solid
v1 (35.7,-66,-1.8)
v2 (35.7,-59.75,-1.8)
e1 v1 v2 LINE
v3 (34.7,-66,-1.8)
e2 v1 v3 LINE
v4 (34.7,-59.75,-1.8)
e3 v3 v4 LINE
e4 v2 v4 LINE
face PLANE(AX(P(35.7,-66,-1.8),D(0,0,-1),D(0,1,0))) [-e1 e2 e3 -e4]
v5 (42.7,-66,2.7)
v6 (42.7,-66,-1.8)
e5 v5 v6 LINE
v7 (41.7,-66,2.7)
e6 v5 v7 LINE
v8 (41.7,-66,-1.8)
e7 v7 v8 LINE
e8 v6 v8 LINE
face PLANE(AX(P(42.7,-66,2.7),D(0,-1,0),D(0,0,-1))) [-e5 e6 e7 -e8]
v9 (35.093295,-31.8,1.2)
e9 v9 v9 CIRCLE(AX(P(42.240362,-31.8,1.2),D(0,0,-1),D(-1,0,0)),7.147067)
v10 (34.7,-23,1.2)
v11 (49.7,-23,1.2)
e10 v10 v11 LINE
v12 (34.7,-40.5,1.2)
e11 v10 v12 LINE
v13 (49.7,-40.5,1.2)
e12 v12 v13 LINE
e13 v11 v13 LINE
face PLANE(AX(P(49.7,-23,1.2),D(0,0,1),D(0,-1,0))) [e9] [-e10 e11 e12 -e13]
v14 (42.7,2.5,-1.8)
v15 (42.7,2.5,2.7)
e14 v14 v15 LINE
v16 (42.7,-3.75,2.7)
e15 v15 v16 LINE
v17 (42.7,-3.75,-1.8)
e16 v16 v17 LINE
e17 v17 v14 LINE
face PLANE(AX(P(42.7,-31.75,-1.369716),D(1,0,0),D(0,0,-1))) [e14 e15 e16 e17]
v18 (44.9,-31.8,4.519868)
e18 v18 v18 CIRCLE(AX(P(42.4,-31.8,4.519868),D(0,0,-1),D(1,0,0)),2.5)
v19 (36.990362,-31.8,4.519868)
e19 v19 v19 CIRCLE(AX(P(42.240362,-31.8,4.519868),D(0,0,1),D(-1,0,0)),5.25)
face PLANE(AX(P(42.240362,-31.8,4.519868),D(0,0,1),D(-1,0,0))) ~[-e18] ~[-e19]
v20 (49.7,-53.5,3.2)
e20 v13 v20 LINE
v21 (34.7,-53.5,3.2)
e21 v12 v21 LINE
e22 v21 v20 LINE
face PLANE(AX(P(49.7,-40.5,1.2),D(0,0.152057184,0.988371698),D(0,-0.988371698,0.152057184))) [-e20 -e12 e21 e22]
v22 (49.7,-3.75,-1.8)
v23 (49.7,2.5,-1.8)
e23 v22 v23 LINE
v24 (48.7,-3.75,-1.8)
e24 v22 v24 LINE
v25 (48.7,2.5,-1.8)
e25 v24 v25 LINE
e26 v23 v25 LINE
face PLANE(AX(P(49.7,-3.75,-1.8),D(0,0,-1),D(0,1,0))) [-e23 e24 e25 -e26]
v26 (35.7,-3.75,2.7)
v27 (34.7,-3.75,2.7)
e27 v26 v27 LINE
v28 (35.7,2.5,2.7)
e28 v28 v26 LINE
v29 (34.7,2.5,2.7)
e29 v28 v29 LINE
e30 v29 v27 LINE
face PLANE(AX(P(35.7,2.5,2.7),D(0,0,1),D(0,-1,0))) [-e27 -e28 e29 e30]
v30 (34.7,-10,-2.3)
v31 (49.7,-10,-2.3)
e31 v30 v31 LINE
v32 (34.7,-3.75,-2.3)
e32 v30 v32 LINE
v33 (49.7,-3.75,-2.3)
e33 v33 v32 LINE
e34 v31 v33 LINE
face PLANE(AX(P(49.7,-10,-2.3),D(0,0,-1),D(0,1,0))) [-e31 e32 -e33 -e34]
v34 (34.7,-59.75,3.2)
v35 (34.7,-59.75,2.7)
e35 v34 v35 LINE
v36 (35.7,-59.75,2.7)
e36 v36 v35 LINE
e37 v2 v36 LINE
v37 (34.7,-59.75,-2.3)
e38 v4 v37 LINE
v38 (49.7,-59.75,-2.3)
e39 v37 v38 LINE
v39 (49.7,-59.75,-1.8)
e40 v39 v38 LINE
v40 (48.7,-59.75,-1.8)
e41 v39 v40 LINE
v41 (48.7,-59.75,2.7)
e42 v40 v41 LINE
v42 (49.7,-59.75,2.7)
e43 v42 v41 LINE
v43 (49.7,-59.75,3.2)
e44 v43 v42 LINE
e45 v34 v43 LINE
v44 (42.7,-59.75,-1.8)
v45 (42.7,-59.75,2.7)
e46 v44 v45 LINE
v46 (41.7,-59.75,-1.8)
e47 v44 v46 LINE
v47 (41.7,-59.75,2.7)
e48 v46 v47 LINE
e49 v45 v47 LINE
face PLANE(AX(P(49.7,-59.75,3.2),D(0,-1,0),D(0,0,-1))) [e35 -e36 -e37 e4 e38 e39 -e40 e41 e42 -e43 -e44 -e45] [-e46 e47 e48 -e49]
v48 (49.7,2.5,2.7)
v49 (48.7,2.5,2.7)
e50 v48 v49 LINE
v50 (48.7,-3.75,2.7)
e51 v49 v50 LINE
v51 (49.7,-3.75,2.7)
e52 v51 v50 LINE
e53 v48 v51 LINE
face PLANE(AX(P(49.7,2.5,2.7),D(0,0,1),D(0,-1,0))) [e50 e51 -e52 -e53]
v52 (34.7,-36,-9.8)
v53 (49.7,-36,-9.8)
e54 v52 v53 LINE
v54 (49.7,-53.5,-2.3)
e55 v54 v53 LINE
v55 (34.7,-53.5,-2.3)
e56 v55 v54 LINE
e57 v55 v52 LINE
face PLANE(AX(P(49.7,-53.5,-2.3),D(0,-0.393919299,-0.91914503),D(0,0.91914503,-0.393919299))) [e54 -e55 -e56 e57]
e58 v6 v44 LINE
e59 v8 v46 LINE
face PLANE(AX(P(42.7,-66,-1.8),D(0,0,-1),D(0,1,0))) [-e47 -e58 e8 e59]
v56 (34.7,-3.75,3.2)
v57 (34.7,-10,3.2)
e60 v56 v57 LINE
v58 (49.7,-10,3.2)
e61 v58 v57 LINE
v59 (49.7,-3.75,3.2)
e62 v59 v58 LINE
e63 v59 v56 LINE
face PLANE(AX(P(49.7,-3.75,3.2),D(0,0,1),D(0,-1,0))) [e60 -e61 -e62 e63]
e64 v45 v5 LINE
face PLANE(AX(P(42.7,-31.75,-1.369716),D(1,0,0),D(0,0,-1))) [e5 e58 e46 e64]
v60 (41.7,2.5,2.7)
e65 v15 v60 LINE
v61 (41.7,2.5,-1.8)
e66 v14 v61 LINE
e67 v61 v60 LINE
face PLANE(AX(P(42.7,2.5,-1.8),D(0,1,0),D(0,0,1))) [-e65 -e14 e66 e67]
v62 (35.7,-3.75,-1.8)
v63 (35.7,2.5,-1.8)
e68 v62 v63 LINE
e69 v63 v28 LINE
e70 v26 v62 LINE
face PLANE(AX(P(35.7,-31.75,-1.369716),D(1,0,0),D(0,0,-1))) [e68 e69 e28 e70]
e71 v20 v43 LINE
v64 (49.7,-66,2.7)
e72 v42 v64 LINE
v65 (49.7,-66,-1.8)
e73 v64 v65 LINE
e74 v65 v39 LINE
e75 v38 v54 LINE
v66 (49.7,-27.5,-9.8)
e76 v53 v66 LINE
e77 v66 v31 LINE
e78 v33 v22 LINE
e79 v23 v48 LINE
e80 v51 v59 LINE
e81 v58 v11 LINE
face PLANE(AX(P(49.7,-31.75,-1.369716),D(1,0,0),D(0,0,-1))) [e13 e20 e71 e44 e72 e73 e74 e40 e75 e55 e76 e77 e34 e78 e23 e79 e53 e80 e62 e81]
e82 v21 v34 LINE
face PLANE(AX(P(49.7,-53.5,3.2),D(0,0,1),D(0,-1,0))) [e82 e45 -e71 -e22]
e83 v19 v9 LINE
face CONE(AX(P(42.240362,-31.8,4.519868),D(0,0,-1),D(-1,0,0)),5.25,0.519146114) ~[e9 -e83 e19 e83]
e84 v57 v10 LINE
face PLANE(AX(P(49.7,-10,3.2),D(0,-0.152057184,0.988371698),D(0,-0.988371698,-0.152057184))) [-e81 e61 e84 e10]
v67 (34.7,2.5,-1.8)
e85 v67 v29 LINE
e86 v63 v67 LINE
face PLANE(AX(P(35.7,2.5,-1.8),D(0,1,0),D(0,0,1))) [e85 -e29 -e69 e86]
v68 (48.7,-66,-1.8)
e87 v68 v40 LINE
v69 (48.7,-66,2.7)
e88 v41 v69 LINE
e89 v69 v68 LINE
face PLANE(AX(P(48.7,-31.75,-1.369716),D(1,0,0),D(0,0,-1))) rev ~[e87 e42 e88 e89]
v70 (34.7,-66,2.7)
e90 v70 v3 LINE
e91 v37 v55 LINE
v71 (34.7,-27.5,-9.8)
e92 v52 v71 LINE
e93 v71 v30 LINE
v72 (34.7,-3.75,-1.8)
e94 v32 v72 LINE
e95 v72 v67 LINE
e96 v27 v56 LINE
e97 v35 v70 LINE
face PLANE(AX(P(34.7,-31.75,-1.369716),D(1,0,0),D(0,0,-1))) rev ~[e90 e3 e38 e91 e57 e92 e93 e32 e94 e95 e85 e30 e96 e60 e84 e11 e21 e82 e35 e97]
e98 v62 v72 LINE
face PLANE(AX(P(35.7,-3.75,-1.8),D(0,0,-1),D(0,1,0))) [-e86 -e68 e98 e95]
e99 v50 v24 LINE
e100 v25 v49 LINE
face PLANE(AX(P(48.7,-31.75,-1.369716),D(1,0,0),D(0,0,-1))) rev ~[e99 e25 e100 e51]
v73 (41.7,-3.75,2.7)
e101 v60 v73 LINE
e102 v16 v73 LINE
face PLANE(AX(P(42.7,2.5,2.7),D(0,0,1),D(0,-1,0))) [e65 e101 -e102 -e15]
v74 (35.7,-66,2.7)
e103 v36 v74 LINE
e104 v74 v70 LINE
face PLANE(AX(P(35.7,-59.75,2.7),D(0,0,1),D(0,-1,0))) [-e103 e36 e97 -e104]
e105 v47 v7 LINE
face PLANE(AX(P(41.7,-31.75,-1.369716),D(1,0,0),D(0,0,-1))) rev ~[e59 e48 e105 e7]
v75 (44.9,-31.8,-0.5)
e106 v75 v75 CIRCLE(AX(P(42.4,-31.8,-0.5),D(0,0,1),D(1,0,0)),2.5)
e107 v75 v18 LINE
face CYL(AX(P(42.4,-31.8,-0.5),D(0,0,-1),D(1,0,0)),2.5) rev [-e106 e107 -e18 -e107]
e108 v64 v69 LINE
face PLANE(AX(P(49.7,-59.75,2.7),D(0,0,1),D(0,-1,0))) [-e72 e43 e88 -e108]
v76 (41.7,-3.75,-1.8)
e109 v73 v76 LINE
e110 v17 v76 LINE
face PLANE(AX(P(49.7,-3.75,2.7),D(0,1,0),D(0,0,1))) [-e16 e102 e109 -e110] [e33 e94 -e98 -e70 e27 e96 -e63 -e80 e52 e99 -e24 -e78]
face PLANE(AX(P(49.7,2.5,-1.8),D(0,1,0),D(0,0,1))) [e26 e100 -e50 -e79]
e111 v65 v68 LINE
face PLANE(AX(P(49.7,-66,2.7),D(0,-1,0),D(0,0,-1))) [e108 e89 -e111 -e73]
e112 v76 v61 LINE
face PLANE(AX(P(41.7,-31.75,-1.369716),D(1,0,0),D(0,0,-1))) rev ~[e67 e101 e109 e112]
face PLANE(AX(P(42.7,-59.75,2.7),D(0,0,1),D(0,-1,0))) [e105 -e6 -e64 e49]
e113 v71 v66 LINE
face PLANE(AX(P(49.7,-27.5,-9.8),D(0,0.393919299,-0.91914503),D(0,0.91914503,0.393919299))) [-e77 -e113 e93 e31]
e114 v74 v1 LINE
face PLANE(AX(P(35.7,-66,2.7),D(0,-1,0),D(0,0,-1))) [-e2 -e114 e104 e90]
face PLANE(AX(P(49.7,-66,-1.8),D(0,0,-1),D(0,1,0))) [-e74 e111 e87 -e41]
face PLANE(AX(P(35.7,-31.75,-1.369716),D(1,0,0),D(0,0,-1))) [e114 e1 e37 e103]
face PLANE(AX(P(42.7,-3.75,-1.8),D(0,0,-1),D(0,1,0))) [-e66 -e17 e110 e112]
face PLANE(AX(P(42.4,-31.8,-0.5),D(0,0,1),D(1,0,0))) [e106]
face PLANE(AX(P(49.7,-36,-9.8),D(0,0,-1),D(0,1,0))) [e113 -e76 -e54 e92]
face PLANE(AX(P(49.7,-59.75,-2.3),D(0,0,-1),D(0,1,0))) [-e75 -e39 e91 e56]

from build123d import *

# Parameters (mm, degrees)
CYLINDER_R                 = 2.5
CYLINDER_DEPTH             = 6
EXTRUDE024_DEPTH           = 6
EXTRUDE024_PLACEMENT_ANGLE = 90
EXTRUDE023_DEPTH           = 1
EXTRUDE023_PLACEMENT_ANGLE = 90
EXTRUDE025_DEPTH           = 6
EXTRUDE025_PLACEMENT_ANGLE = 90
EXTRUDE_DEPTH              = 1
EXTRUDE_PLACEMENT_ANGLE    = 90
REVOLVE_PLACEMENT_ANGLE    = 90
EXTRUDE022_DEPTH           = 1
EXTRUDE022_PLACEMENT_ANGLE = 90


with BuildPart() as cylinder:
    # Cylinder → Cylinder (new body)
    with BuildSketch(Plane(origin=(42.4, -33.3, -0.5), x_dir=(1, 0, 0), z_dir=(0, 0, 1))):
        Circle(CYLINDER_R)
    extrude(amount=CYLINDER_DEPTH)


with BuildPart() as extrude024:
    # Sketch016 → Extrude024 (new body)
    with BuildSketch(Plane.YZ):
        Polygon((5.5, -12.57), (3.5, -25.57), (3.5, -43.07), (5.5, -56.07), (5.5, -62.32), (0, -62.32), (0, -56.07), (-7.5, -38.57), (-7.5, -30.07), (0, -12.57), (0, -6.32), (5.5, -6.32), align=None)
    extrude(amount=EXTRUDE024_DEPTH)


with BuildPart() as extrude024_1:
    # Extrude024 placement: moved
    add(extrude024.part.moved(Location((35.7, -67.57, -2.3))).rotate(Axis((35.7, -67.57, -2.3), (1, 0, 0)), EXTRUDE024_PLACEMENT_ANGLE))


with BuildPart() as extrude023:
    # Sketch002 → Extrude023 (new body)
    with BuildSketch(Plane.XY):
        Polygon((5.5, -12.5), (3.5, -25.5), (3.5, -43), (5.5, -56), (5.5, -62.25), (5, -62.25), (5, -68.5), (0.5, -68.5), (0.5, -62.25), (0, -62.25), (0, -56), (-7.5, -38.5), (-7.5, -30), (0, -12.5), (0, -6.25), (0.5, -6.25), (0.5, 0), (5, 0), (5, -6.25), (5.5, -6.25), align=None)
    extrude(amount=EXTRUDE023_DEPTH)


with BuildPart() as extrude023_1:
    # Extrude023 placement: moved
    add(extrude023.part.moved(Location((42.7, 1, -2.3))).rotate(Axis((42.7, 1, -2.3), (0, -1, 0)), EXTRUDE023_PLACEMENT_ANGLE))


with BuildPart() as extrude025:
    # Sketch016 → Extrude025 (new body)
    with BuildSketch(Plane.YZ):
        Polygon((5.5, -12.57), (3.5, -25.57), (3.5, -43.07), (5.5, -56.07), (5.5, -62.32), (0, -62.32), (0, -56.07), (-7.5, -38.57), (-7.5, -30.07), (0, -12.57), (0, -6.32), (5.5, -6.32), align=None)
    extrude(amount=EXTRUDE025_DEPTH)


with BuildPart() as extrude025_1:
    # Extrude025 placement: moved
    add(extrude025.part.moved(Location((42.7, -67.57, -2.3))).rotate(Axis((42.7, -67.57, -2.3), (1, 0, 0)), EXTRUDE025_PLACEMENT_ANGLE))


with BuildPart() as extrude_body:
    # Sketch002 → Extrude (new body)
    with BuildSketch(Plane.XY):
        Polygon((5.5, -12.5), (3.5, -25.5), (3.5, -43), (5.5, -56), (5.5, -62.25), (5, -62.25), (5, -68.5), (0.5, -68.5), (0.5, -62.25), (0, -62.25), (0, -56), (-7.5, -38.5), (-7.5, -30), (0, -12.5), (0, -6.25), (0.5, -6.25), (0.5, 0), (5, 0), (5, -6.25), (5.5, -6.25), align=None)
    extrude(amount=EXTRUDE_DEPTH)


with BuildPart() as extrude_body_1:
    # Extrude placement: moved
    add(extrude_body.part.moved(Location((49.7, 1, -2.3))).rotate(Axis((49.7, 1, -2.3), (0, -1, 0)), EXTRUDE_PLACEMENT_ANGLE))


with BuildPart() as revolve_body:
    # Sketch003 → Revolve (revolve)
    with BuildSketch(Plane.XZ):
        Polygon((1.919868, -28.090362), (1.919868, -35.340362), (5.419868, -35.340362), (5.419868, -30.090362), align=None)
    revolve(axis=Axis((5.419868, 0, -35.340362), (1, 0, 0)))


with BuildPart() as revolve_body_1:
    # Revolve placement: moved
    add(revolve_body.part.moved(Location((6.9, -33.3, -0.9))).rotate(Axis((6.9, -33.3, -0.9), (0, -1, 0)), REVOLVE_PLACEMENT_ANGLE))


with BuildPart() as quertraeger:
    # Sketch002 → Extrude022 (new body)
    with BuildSketch(Plane.XY):
        Polygon((5.5, -12.5), (3.5, -25.5), (3.5, -43), (5.5, -56), (5.5, -62.25), (5, -62.25), (5, -68.5), (0.5, -68.5), (0.5, -62.25), (0, -62.25), (0, -56), (-7.5, -38.5), (-7.5, -30), (0, -12.5), (0, -6.25), (0.5, -6.25), (0.5, 0), (5, 0), (5, -6.25), (5.5, -6.25), align=None)
    extrude(amount=EXTRUDE022_DEPTH)


with BuildPart() as quertraeger_1:
    # Extrude022 placement: moved
    add(quertraeger.part.moved(Location((35.7, 1, -2.3))).rotate(Axis((35.7, 1, -2.3), (0, -1, 0)), EXTRUDE022_PLACEMENT_ANGLE))

    # Fusion: union Revolve body
    add(revolve_body_1.part)

    # Fusion057: union Extrude024, Extrude023, Extrude025, Extrude body
    add(extrude024_1.part)
    add(extrude023_1.part)
    add(extrude025_1.part)
    add(extrude_body_1.part)

    # Cut064: cut Cylinder
    add(cylinder.part, mode=Mode.SUBTRACT)


with BuildPart() as quertraeger_2:
    # Cut064 placement: moved
    add(quertraeger_1.part.moved(Location((0, 1.5, 0))))


solid = quertraeger_2.part
